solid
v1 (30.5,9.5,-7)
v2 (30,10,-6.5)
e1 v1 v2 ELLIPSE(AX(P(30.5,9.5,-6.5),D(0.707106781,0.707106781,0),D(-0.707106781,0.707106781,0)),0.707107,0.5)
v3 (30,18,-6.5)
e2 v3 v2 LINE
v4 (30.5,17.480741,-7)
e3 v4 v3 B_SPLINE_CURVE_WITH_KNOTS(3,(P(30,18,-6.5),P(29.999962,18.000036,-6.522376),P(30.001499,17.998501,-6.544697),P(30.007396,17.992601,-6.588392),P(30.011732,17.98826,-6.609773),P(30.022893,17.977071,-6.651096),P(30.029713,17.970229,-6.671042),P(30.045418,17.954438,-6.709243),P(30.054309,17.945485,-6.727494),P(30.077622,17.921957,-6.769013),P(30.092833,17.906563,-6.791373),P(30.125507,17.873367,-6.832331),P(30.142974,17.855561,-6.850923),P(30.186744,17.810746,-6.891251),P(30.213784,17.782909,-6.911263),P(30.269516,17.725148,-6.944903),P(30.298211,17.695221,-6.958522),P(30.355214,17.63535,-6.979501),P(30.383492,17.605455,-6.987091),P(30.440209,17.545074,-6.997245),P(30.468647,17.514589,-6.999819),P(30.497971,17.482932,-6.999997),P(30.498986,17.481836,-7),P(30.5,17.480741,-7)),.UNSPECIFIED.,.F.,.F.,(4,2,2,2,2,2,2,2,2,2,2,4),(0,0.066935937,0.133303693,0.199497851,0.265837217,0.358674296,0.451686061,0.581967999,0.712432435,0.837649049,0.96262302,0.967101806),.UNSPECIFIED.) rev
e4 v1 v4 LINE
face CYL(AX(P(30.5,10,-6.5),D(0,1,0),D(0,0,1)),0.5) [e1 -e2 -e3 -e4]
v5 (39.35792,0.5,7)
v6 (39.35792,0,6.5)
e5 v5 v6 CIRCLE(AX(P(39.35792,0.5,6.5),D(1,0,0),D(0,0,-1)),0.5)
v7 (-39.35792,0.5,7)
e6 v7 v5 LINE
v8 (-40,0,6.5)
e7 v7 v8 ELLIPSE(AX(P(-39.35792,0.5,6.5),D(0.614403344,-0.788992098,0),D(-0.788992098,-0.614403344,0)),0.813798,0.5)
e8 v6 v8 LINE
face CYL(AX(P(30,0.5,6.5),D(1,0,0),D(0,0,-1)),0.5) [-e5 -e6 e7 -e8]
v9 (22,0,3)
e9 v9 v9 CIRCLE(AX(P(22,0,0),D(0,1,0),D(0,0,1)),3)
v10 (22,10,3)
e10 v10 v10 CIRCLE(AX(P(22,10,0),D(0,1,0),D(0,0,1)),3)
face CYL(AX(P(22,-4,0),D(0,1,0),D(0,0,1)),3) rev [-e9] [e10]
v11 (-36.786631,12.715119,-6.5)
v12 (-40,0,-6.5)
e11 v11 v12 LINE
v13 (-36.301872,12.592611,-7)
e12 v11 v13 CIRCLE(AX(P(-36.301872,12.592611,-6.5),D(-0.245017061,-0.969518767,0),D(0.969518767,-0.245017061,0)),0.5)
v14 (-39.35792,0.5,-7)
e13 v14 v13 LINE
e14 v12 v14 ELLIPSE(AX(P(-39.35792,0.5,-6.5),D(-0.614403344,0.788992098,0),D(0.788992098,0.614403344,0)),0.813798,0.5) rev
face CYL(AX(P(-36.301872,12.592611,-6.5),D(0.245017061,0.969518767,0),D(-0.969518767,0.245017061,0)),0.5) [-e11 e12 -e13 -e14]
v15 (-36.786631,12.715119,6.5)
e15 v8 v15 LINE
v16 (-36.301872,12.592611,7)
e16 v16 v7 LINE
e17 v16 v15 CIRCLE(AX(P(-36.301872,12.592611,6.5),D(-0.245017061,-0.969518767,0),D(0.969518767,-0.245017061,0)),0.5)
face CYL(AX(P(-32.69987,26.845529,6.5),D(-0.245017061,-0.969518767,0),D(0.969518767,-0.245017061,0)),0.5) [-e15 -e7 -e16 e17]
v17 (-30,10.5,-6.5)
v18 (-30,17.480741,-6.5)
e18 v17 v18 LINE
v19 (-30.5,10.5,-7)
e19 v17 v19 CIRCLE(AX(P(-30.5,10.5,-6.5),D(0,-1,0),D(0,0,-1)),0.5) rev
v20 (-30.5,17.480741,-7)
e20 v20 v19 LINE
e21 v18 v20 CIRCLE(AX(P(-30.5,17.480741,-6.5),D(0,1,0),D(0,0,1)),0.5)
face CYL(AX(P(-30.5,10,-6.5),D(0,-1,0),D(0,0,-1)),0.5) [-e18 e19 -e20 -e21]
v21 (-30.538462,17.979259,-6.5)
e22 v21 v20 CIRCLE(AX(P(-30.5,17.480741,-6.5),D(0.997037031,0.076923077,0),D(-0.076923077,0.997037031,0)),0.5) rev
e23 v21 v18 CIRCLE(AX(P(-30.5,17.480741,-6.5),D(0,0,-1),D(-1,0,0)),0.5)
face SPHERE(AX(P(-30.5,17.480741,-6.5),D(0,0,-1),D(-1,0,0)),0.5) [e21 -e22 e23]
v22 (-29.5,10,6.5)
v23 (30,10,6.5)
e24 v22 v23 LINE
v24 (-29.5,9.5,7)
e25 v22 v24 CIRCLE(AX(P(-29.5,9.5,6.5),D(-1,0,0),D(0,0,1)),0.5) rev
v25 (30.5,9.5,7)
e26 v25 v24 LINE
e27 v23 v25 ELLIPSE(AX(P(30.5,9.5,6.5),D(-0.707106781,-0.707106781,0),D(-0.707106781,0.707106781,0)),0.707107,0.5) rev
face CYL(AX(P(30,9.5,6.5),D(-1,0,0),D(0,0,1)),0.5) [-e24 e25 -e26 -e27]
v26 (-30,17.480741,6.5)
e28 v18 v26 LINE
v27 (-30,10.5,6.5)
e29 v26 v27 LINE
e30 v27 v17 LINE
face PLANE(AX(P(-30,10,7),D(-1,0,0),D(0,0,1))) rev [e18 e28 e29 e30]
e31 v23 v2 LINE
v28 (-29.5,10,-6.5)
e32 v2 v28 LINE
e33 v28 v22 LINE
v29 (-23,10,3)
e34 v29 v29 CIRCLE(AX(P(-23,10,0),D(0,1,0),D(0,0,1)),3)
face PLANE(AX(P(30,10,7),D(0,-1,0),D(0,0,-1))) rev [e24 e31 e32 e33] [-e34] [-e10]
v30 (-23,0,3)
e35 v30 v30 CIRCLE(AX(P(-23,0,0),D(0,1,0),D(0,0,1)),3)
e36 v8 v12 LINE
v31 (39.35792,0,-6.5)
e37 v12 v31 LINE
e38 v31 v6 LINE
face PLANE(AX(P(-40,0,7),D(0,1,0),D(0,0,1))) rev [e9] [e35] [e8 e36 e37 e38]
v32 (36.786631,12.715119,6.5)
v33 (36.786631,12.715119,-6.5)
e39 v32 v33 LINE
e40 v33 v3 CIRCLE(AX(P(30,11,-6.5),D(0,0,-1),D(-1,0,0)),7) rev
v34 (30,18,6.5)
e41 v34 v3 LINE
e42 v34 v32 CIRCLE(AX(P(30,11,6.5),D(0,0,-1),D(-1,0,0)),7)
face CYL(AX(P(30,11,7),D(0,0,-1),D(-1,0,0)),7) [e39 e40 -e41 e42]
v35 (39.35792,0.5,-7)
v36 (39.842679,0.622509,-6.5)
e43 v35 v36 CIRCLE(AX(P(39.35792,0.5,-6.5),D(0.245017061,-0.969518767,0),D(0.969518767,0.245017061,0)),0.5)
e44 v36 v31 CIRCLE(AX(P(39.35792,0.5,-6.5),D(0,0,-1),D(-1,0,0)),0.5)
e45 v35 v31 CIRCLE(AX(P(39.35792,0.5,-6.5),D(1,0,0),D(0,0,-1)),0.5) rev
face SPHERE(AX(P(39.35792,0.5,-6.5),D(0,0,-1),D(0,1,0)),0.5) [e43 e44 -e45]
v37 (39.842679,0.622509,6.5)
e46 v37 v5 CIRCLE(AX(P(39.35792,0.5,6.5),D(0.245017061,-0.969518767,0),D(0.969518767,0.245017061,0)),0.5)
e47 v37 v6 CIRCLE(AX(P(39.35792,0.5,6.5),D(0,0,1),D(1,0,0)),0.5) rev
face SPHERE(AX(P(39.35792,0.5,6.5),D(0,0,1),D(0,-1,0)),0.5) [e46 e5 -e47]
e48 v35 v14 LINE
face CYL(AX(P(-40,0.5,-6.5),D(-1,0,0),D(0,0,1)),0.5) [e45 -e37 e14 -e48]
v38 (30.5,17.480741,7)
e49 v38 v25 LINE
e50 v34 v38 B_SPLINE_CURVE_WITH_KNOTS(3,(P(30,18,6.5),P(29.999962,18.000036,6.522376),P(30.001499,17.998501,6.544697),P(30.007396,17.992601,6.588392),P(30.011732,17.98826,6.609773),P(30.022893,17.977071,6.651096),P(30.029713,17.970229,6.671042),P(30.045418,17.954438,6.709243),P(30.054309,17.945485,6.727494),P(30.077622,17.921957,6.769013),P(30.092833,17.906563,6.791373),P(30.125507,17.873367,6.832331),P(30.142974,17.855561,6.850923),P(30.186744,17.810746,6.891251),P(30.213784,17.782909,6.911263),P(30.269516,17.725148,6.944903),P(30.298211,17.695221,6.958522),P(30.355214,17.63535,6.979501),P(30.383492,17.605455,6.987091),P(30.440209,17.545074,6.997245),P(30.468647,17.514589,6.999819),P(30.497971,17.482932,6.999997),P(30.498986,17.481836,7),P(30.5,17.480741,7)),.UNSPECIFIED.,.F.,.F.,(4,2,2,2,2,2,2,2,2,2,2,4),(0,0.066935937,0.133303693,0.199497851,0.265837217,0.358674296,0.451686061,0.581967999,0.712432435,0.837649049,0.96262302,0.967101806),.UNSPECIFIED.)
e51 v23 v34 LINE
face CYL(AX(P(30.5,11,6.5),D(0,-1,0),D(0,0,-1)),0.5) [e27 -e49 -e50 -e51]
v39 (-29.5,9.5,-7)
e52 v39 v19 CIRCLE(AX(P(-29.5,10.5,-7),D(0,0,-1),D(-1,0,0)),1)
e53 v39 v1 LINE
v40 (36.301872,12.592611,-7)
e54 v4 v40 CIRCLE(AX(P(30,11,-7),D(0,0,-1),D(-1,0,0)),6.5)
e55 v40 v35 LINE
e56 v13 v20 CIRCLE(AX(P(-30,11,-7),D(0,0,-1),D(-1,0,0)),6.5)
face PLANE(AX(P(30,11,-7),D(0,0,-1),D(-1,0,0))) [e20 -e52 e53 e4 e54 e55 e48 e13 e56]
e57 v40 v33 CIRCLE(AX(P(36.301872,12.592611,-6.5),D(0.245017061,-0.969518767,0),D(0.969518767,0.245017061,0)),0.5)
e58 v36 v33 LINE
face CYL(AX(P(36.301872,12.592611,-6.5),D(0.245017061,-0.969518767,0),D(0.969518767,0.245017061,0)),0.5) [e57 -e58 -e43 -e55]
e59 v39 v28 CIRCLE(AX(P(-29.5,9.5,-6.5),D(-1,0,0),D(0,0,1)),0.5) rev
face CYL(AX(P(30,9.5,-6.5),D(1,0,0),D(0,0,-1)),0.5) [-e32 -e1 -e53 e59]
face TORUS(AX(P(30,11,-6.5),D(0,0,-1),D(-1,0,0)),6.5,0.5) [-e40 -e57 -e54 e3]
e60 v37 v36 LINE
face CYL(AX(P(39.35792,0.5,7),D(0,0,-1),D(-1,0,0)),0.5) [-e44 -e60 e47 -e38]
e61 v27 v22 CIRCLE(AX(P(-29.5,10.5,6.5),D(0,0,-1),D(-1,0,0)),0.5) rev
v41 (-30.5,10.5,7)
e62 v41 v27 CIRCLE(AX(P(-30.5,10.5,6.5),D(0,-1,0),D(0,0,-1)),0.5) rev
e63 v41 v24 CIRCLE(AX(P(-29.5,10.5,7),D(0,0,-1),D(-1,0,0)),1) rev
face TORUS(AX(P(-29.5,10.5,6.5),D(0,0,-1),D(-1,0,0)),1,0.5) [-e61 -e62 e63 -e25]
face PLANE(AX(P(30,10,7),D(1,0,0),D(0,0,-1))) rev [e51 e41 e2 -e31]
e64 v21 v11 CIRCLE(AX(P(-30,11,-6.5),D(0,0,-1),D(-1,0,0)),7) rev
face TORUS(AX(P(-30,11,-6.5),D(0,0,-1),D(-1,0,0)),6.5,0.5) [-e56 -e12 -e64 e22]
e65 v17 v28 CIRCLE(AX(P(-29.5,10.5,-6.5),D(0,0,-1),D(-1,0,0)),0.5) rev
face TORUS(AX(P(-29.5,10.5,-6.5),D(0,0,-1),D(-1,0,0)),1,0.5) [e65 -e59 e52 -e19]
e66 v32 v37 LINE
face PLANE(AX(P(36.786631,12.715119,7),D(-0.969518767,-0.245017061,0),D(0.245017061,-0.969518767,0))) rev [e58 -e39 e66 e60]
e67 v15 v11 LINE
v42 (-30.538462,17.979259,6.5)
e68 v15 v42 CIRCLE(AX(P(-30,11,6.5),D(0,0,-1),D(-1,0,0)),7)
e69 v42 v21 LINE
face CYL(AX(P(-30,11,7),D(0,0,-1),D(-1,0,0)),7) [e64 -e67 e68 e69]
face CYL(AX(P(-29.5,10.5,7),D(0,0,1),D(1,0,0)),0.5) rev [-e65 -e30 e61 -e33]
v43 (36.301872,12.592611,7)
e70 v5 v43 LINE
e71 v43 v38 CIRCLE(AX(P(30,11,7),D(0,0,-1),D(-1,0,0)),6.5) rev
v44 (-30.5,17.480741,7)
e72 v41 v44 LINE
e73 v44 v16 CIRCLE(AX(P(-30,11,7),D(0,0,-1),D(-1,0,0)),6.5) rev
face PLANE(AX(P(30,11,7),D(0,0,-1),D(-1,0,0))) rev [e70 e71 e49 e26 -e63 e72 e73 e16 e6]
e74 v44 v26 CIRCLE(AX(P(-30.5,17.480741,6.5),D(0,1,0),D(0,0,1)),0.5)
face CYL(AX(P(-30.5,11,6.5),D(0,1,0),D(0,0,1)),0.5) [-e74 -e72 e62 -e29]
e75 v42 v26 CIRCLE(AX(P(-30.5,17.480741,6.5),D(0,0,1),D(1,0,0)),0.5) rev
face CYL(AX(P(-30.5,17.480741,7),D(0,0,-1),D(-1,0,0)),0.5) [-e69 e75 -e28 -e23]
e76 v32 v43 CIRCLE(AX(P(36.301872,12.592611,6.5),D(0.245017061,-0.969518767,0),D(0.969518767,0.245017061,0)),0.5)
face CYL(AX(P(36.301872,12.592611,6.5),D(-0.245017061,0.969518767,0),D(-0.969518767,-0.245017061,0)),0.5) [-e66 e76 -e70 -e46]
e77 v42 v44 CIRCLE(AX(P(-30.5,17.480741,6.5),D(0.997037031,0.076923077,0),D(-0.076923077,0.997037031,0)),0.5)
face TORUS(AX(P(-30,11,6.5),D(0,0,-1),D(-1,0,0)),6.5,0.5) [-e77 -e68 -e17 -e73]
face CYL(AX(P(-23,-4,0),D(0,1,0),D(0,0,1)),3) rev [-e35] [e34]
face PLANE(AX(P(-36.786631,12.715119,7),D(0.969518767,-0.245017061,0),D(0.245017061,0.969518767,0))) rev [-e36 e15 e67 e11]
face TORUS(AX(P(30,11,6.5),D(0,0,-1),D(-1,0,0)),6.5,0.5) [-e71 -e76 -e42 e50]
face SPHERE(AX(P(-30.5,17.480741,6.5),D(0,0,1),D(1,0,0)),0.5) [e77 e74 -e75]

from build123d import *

# Parameters (mm, degrees)
BOSS_EXTRUDE1_DEPTH = 7
SKETCH2_R           = 3
CUT_EXTRUDE1_DEPTH  = 14
FILLET1_R           = 0.5


with BuildPart() as part:
    # Sketch1 → Boss-Extrude1 (new, symmetric)
    with BuildSketch(Plane.XY):
        with BuildLine():
            Line((-40, 0), (40, 0))
            Line((40, 0), (36.78663137, 12.715119427))
            ThreePointArc((36.78663137, 12.715119427), (34.30082341, 16.522944685), (30, 18))
            Line((30, 18), (30, 10))
            Line((30, 10), (-30, 10))
            Line((-30, 10), (-30, 18))
            ThreePointArc((-30, 18), (-34.30082341, 16.522944685), (-36.78663137, 12.715119427))
            Line((-36.78663137, 12.715119427), (-40, 0))
        make_face()
    extrude(amount=BOSS_EXTRUDE1_DEPTH, both=True)

    # Sketch2 → Cut-Extrude1 (cut)
    with BuildSketch(Plane(origin=(0, 10, 0), x_dir=(1, 0, 0), z_dir=(0, 1, 0))):
        with Locations(Location((-23, 0, 0), (0, 0, 270))):
            Circle(SKETCH2_R)
        with Locations(Location((22, 0, 0), (0, 0, 270))):
            Circle(SKETCH2_R)
    extrude(amount=-CUT_EXTRUDE1_DEPTH, mode=Mode.SUBTRACT)

    # Fillet1
    fillet1_edges = [part.edges().sort_by_distance(p)[0] for p in [
        (34.30082341, 16.522944685, -7),
        (38.393315685, 6.357559714, -7),
        (0, 0, -7),
        (-38.393315685, 6.357559714, -7),
        (38.393315685, 6.357559714, 7),
        (-30, 18, 0),
        (-30, 10, 0),
        (40, 0, 0),
        (34.30082341, 16.522944685, 7),
        (30, 14, 7),
        (0, 10, 7),
        (-30, 14, 7),
        (-34.30082341, 16.522944685, 7),
        (-38.393315685, 6.357559714, 7),
        (-34.30082341, 16.522944685, -7),
        (0, 0, 7),
        (-30, 14, -7),
        (0, 10, -7),
        (30, 14, -7),
    ]]
    fillet(fillet1_edges, radius=FILLET1_R)


solid = part.part
